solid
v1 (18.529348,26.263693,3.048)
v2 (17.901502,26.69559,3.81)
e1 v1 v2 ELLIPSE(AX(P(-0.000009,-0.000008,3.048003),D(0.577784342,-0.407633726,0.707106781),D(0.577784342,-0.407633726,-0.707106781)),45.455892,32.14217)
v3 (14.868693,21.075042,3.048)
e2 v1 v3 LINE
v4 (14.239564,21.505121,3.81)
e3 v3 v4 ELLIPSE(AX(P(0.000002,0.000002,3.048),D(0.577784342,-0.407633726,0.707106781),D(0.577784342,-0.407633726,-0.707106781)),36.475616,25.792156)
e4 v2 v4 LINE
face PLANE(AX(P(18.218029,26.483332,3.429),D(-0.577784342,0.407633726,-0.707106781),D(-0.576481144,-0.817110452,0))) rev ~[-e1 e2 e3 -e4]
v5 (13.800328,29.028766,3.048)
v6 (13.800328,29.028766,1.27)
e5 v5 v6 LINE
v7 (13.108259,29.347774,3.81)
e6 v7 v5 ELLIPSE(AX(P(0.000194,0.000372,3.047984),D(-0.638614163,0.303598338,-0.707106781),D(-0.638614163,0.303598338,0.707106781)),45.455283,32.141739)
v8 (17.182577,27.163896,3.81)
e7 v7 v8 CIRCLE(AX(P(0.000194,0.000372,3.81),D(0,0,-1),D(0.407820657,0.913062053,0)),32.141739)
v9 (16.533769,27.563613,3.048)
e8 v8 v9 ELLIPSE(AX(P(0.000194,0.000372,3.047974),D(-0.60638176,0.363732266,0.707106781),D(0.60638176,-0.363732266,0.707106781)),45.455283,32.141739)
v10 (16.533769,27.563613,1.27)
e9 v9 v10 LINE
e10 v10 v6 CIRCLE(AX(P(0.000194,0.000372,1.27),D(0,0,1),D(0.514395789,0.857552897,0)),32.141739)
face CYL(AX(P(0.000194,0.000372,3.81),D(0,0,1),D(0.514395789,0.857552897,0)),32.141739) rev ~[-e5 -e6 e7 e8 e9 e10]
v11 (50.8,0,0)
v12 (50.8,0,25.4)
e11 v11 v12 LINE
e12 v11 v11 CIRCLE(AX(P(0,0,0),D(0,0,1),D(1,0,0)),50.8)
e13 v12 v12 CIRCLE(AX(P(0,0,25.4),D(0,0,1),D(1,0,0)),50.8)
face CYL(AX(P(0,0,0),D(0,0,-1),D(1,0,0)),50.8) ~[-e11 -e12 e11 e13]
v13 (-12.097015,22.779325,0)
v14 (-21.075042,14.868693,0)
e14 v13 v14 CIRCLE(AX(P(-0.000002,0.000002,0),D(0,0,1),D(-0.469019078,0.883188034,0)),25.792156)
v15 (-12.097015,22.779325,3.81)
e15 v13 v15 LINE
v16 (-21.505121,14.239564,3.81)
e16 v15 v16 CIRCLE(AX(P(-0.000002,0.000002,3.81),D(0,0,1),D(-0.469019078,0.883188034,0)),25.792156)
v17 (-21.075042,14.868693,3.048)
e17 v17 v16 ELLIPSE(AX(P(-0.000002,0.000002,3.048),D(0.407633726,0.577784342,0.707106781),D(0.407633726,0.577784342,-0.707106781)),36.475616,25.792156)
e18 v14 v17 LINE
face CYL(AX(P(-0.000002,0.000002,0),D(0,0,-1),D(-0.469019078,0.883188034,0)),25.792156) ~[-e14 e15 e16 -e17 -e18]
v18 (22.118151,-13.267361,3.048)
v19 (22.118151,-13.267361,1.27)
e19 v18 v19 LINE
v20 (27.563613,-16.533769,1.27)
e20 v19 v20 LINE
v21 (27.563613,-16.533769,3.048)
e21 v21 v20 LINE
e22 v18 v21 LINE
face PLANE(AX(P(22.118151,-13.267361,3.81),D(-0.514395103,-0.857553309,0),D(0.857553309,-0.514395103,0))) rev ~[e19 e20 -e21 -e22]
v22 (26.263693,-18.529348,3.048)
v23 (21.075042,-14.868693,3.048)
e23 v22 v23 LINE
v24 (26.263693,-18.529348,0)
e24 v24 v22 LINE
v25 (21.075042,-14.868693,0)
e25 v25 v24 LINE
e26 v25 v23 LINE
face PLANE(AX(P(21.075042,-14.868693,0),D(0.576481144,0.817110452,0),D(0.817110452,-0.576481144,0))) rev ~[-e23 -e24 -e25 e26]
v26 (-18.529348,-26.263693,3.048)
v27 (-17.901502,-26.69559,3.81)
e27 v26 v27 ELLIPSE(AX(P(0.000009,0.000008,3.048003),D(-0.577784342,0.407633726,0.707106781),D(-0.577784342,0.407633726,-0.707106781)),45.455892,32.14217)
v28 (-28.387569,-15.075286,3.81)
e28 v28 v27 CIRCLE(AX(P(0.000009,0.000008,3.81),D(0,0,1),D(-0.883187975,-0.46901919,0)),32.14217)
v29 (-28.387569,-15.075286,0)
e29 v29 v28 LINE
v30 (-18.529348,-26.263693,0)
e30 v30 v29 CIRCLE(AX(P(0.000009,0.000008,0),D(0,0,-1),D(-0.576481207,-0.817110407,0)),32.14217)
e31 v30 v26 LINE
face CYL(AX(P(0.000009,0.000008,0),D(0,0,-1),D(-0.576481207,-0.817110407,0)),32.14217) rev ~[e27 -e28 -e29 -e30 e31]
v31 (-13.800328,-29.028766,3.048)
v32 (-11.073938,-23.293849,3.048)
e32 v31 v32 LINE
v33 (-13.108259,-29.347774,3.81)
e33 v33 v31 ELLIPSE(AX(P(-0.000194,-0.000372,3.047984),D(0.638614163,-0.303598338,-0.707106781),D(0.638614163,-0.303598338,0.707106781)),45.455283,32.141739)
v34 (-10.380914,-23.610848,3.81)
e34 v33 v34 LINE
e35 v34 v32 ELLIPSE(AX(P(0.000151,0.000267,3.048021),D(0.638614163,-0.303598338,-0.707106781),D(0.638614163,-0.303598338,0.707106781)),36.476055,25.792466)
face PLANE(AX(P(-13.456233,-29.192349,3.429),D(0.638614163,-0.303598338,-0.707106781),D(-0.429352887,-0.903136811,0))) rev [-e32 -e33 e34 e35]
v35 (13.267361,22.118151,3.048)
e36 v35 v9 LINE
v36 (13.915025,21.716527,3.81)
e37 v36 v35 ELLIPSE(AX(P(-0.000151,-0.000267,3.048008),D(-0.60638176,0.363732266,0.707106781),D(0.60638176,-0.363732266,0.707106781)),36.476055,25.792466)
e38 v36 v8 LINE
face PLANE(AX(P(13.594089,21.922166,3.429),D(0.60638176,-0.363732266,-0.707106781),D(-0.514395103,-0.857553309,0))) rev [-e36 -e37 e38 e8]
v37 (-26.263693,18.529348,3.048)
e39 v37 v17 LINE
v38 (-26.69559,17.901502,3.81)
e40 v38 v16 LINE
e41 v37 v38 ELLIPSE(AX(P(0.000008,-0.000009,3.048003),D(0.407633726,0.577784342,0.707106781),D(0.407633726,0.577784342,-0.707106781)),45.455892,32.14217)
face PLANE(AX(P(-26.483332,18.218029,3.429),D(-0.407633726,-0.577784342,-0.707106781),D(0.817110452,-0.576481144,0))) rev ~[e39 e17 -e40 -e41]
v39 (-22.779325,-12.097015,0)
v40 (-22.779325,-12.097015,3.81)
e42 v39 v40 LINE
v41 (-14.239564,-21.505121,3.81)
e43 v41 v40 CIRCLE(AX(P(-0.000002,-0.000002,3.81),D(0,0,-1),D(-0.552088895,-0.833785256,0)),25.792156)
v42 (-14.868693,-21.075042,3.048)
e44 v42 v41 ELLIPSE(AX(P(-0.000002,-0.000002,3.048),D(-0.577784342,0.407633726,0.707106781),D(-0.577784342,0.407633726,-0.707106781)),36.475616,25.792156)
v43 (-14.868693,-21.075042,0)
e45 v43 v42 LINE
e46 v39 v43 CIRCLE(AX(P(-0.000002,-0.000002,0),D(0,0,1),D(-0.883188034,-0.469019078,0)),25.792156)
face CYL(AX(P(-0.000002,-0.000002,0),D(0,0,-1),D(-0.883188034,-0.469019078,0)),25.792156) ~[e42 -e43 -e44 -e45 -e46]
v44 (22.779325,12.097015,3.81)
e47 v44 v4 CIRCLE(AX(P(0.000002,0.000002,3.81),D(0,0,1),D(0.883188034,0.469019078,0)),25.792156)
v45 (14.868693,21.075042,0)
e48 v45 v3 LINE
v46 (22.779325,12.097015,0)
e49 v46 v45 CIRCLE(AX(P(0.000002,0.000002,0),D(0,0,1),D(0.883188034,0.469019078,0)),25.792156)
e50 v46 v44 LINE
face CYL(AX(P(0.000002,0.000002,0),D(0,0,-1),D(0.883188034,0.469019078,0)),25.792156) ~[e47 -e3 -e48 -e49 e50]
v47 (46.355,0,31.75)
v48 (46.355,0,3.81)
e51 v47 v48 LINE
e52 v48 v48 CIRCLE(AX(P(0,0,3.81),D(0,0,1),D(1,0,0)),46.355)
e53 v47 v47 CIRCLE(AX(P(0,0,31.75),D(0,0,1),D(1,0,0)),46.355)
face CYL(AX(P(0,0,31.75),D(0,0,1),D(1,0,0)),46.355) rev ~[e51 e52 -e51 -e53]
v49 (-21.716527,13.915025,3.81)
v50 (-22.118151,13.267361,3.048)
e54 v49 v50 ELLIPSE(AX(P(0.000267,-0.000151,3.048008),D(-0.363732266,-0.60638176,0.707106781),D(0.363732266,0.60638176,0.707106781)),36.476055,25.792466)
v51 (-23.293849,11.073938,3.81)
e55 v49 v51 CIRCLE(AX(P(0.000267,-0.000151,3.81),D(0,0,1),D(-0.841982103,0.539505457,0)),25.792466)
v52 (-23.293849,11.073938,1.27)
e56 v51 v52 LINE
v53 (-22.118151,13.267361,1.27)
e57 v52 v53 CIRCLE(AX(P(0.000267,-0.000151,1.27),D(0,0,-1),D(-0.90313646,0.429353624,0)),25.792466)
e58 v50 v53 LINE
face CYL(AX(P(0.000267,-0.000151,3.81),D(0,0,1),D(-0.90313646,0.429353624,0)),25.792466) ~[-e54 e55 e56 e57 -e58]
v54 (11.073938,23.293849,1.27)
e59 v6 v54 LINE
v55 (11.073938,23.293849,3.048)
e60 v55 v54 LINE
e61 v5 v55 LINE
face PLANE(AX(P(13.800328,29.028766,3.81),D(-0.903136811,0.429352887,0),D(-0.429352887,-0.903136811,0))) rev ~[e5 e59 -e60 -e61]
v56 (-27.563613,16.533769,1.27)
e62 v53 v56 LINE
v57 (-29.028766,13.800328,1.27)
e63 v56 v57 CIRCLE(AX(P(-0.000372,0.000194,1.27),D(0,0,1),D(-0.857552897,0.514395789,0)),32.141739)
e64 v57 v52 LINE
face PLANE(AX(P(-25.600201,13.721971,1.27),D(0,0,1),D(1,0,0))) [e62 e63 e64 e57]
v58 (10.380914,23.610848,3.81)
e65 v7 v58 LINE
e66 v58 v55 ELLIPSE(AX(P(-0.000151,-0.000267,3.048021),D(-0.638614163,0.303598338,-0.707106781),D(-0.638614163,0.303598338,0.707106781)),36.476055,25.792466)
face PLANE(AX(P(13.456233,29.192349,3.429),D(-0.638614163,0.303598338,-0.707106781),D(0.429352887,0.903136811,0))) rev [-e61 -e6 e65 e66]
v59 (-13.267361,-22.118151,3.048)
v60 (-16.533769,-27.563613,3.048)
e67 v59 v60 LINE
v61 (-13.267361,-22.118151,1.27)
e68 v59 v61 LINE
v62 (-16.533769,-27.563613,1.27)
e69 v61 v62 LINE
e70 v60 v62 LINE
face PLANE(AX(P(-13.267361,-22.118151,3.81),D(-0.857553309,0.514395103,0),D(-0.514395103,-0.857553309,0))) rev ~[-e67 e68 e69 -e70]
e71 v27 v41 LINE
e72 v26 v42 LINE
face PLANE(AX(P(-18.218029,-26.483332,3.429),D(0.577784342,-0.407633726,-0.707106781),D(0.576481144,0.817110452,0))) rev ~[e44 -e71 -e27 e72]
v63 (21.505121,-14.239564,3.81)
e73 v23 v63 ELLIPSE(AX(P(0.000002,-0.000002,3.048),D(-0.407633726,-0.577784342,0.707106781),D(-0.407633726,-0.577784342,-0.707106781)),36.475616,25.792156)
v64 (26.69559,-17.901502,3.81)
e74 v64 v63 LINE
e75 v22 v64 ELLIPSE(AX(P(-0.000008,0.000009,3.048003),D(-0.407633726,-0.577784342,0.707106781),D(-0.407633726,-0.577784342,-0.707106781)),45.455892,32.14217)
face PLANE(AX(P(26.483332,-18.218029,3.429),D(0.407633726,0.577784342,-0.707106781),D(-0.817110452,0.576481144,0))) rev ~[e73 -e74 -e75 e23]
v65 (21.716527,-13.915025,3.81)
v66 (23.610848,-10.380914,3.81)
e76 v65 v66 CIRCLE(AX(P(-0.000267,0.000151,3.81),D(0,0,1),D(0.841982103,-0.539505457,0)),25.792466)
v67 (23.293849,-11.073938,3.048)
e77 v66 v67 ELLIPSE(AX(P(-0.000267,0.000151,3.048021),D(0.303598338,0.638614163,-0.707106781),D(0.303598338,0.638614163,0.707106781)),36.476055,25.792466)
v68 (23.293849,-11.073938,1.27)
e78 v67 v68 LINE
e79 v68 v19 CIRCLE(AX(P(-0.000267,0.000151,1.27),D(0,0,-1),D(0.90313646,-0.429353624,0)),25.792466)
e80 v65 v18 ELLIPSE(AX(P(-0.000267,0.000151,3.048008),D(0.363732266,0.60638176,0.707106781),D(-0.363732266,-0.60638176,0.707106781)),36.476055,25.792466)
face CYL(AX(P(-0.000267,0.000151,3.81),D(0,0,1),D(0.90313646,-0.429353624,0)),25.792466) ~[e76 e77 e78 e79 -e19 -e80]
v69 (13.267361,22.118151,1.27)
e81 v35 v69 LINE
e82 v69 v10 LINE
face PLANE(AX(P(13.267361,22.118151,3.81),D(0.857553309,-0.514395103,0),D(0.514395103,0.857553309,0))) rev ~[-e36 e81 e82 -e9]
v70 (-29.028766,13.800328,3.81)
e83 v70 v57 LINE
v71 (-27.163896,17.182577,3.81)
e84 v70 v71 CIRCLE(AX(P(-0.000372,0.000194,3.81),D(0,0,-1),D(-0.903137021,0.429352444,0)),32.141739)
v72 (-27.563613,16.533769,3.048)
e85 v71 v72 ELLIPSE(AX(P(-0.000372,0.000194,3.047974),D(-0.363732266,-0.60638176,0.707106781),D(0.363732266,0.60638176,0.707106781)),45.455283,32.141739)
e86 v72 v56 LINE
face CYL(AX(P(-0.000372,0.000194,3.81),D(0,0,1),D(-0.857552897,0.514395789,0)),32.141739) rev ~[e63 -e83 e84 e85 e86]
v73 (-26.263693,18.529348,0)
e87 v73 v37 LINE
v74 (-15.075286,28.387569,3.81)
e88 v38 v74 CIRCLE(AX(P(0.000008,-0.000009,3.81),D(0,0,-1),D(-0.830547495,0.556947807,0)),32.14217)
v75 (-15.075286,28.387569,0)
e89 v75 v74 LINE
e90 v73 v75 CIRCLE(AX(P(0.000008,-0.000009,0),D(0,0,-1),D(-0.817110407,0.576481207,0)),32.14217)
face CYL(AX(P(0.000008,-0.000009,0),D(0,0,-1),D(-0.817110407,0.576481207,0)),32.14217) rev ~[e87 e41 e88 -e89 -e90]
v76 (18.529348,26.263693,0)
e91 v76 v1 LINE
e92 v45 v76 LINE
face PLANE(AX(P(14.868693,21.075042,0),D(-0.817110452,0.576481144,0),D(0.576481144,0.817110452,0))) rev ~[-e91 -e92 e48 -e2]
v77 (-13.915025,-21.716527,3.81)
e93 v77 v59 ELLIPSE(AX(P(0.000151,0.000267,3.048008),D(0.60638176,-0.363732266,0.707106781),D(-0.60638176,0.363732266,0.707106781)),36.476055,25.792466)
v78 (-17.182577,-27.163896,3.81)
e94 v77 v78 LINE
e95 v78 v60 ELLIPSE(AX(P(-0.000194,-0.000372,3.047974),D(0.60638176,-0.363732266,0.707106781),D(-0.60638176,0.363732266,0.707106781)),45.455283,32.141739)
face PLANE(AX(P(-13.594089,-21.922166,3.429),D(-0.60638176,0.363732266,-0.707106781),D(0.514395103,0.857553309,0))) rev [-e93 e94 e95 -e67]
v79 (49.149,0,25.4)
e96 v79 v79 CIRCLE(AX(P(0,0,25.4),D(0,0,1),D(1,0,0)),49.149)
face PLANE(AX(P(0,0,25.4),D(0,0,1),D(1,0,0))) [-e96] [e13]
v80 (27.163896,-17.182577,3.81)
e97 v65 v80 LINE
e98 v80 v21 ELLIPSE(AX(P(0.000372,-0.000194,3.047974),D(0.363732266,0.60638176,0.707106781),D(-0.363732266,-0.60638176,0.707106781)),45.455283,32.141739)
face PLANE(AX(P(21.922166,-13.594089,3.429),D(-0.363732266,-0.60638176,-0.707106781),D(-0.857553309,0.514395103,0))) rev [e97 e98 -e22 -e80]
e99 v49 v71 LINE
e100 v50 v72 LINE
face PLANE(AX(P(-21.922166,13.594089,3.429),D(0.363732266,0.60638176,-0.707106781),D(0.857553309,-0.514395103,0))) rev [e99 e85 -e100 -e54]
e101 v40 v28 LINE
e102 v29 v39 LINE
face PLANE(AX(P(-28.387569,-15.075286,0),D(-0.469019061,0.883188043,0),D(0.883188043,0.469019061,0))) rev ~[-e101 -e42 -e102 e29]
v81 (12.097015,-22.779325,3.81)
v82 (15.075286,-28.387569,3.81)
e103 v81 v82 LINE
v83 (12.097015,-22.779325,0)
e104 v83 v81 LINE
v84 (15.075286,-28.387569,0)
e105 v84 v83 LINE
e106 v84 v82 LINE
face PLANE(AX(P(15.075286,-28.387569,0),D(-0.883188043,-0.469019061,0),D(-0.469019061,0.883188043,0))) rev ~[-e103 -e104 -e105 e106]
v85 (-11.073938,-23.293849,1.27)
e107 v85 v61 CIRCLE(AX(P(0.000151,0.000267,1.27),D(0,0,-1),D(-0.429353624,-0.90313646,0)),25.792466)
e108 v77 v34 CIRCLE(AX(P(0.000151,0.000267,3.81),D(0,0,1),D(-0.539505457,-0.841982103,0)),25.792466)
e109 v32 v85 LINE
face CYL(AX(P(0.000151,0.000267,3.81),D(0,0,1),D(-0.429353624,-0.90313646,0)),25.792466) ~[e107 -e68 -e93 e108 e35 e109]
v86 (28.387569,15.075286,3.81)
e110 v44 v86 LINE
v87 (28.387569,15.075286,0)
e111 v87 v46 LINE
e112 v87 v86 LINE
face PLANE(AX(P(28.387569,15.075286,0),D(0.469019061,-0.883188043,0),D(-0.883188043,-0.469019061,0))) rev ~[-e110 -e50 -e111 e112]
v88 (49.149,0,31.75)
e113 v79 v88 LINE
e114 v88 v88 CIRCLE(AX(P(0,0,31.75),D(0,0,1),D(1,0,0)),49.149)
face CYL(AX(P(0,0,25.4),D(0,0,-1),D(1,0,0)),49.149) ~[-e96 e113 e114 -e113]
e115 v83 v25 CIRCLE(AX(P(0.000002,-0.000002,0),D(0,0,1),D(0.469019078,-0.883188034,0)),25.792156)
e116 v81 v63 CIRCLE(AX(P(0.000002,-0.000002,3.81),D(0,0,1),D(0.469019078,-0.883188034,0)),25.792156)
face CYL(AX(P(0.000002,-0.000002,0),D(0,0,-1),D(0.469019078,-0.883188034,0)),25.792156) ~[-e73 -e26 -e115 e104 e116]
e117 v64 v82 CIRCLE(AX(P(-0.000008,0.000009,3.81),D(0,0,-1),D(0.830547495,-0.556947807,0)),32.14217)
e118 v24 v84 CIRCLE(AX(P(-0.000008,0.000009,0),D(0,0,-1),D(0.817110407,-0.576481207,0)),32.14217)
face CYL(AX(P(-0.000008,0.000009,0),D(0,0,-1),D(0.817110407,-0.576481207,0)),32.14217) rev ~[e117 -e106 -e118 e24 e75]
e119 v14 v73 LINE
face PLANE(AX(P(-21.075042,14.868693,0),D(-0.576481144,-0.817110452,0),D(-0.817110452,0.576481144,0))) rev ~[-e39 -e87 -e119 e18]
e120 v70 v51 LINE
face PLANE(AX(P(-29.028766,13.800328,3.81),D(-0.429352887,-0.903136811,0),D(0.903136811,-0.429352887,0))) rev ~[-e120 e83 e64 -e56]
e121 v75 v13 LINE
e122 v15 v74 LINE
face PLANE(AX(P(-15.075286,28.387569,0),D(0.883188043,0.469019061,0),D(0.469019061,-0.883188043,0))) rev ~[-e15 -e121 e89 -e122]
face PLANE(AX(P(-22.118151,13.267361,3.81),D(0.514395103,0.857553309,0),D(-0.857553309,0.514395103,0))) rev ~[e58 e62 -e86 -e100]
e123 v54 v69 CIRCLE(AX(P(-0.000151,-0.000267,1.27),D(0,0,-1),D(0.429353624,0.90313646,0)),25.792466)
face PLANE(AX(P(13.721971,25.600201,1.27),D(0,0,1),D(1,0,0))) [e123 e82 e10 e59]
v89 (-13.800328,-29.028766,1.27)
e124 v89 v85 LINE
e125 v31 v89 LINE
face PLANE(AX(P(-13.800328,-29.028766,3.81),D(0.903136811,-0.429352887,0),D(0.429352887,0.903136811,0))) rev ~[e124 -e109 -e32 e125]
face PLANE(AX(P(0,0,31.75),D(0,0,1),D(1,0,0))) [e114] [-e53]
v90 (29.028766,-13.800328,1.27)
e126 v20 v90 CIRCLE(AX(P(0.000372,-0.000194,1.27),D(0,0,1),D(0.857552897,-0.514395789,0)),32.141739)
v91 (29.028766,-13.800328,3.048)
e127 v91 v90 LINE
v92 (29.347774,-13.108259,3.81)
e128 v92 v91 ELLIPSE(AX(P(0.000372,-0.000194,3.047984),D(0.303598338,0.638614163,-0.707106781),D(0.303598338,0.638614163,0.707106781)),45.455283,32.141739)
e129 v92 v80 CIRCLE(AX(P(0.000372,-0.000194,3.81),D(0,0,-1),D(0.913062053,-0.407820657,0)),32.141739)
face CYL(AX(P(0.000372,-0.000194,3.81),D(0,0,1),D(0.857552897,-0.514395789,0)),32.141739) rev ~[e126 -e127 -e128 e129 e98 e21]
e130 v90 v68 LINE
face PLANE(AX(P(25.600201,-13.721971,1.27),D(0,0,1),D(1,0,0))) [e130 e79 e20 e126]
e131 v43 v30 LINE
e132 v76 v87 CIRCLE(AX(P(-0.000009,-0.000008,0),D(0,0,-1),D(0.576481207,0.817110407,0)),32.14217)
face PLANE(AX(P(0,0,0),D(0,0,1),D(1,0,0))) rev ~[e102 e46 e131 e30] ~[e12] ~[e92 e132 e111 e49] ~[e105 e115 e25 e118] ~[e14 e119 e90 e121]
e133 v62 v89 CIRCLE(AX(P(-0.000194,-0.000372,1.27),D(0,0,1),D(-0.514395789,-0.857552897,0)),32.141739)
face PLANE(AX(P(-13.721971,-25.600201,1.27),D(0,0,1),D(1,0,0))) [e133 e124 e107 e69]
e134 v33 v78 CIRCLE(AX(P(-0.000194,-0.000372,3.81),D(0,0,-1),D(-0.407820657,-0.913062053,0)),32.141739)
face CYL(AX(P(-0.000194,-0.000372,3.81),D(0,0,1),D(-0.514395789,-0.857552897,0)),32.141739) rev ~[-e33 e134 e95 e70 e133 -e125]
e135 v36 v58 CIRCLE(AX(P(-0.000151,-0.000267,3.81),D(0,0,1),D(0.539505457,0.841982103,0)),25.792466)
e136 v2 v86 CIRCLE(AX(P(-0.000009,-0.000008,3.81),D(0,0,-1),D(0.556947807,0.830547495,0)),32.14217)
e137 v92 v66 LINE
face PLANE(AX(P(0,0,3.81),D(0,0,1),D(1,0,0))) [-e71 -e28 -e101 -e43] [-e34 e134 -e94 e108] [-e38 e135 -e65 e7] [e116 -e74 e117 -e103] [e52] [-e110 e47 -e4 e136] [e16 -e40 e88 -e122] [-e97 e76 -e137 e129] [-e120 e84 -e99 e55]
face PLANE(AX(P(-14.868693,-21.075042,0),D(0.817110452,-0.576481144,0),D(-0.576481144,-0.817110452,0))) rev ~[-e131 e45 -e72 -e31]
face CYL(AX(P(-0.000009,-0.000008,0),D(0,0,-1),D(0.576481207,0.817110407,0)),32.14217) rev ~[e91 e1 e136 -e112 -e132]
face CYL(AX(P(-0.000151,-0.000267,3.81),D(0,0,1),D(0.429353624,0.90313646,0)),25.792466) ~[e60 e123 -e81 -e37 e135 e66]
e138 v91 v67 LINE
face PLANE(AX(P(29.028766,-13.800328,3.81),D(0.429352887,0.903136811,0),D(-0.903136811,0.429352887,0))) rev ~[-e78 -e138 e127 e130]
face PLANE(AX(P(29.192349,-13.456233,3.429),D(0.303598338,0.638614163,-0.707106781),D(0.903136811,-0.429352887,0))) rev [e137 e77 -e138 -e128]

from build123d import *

# Parameters (mm, degrees)
F0_R     = 50.8
F1_DEPTH = 25.4
F2_R     = 49.149
F3_DEPTH = 6.35
F4_R     = 46.355
F5_DEPTH = 27.94
F7_DEPTH = 31.751
F9_DEPTH = 2.54
F10_SIZE = 0.762


with BuildPart() as f1:
    # F0 (on Top) → F1 (new body)
    with BuildSketch(Plane.XY):
        Circle(F0_R)
    extrude(amount=F1_DEPTH)

    # F2 (on face) → F3 (join)
    with BuildSketch(Plane.XY.offset(25.4)):
        Circle(F2_R)
    extrude(amount=F3_DEPTH)

    # F4 (on face) → F5 (cut)
    with BuildSketch(Plane.XY.offset(31.75)):
        Circle(F4_R)
    extrude(amount=-F5_DEPTH, mode=Mode.SUBTRACT)

    # F6 (on face) → F7 (cut, through all)
    with BuildSketch(Plane(origin=(0, 0, 0), x_dir=(1, 0, 0), z_dir=(0, 0, -1))):
        with BuildLine():
            ThreePointArc((26.263693, 18.529348), (21.249092, 24.116268), (15.075286, 28.387569))
            Line((15.075286, 28.387569), (12.097015, 22.779325))
            ThreePointArc((12.097015, 22.779325), (17.051125, 19.351862), (21.075042, 14.868693))
            Line((21.075042, 14.868693), (26.263693, 18.529348))
        make_face()
        with BuildLine():
            ThreePointArc((-18.529348, 26.263693), (-24.116268, 21.249092), (-28.387569, 15.075286))
            Line((-28.387569, 15.075286), (-22.779325, 12.097015))
            ThreePointArc((-22.779325, 12.097015), (-19.351862, 17.051125), (-14.868693, 21.075042))
            Line((-14.868693, 21.075042), (-18.529348, 26.263693))
        make_face()
        with BuildLine():
            ThreePointArc((-26.263693, -18.529348), (-21.249092, -24.116268), (-15.075286, -28.387569))
            Line((-15.075286, -28.387569), (-12.097015, -22.779325))
            ThreePointArc((-12.097015, -22.779325), (-17.051125, -19.351862), (-21.075042, -14.868693))
            Line((-21.075042, -14.868693), (-26.263693, -18.529348))
        make_face()
        with BuildLine():
            ThreePointArc((18.529348, -26.263693), (24.116268, -21.249092), (28.387569, -15.075286))
            Line((28.387569, -15.075286), (22.779325, -12.097015))
            ThreePointArc((22.779325, -12.097015), (19.351862, -17.051125), (14.868693, -21.075042))
            Line((14.868693, -21.075042), (18.529348, -26.263693))
        make_face()
    extrude(amount=-F7_DEPTH, mode=Mode.SUBTRACT)

    # F8 (on face) → F9 (cut)
    with BuildSketch(Plane.XY.offset(3.81)):
        with BuildLine():
            Line((-22.118151, 13.267361), (-27.563613, 16.533769))
            ThreePointArc((-27.563613, 16.533769), (-28.329177, 15.184731), (-29.028766, 13.800328))
            Line((-29.028766, 13.800328), (-23.293849, 11.073938))
            ThreePointArc((-23.293849, 11.073938), (-22.73247, 12.184838), (-22.118151, 13.267361))
        make_face()
        with BuildLine():
            Line((-13.267361, -22.118151), (-16.533769, -27.563613))
            ThreePointArc((-16.533769, -27.563613), (-15.184731, -28.329177), (-13.800328, -29.028766))
            Line((-13.800328, -29.028766), (-11.073938, -23.293849))
            ThreePointArc((-11.073938, -23.293849), (-12.184838, -22.73247), (-13.267361, -22.118151))
        make_face()
        with BuildLine():
            Line((22.118151, -13.267361), (27.563613, -16.533769))
            ThreePointArc((27.563613, -16.533769), (28.329177, -15.184731), (29.028766, -13.800328))
            Line((29.028766, -13.800328), (23.293849, -11.073938))
            ThreePointArc((23.293849, -11.073938), (22.73247, -12.184838), (22.118151, -13.267361))
        make_face()
        with BuildLine():
            Line((13.267361, 22.118151), (16.533769, 27.563613))
            ThreePointArc((16.533769, 27.563613), (15.184731, 28.329177), (13.800328, 29.028766))
            Line((13.800328, 29.028766), (11.073938, 23.293849))
            ThreePointArc((11.073938, 23.293849), (12.184838, 22.73247), (13.267361, 22.118151))
        make_face()
    extrude(amount=-F9_DEPTH, mode=Mode.SUBTRACT)

    # F10
    f10_edges = [f1.edges().sort_by_distance(p)[0] for p in [
        (-23.669367, 16.69902, 3.81),
        (-24.840882, 14.900565, 3.81),
        (12.437133, 26.161307, 3.81),
        (14.900565, 24.840882, 3.81),
        (24.840882, -14.900565, 3.81),
        (26.161307, -12.437133, 3.81),
        (-12.437133, -26.161307, 3.81),
        (-14.900565, -24.840882, 3.81),
        (23.669367, -16.69902, 3.81),
        (16.69902, 23.669367, 3.81),
        (-16.69902, -23.669367, 3.81),
    ]]
    chamfer(f10_edges, length=F10_SIZE)


solid = f1.part
